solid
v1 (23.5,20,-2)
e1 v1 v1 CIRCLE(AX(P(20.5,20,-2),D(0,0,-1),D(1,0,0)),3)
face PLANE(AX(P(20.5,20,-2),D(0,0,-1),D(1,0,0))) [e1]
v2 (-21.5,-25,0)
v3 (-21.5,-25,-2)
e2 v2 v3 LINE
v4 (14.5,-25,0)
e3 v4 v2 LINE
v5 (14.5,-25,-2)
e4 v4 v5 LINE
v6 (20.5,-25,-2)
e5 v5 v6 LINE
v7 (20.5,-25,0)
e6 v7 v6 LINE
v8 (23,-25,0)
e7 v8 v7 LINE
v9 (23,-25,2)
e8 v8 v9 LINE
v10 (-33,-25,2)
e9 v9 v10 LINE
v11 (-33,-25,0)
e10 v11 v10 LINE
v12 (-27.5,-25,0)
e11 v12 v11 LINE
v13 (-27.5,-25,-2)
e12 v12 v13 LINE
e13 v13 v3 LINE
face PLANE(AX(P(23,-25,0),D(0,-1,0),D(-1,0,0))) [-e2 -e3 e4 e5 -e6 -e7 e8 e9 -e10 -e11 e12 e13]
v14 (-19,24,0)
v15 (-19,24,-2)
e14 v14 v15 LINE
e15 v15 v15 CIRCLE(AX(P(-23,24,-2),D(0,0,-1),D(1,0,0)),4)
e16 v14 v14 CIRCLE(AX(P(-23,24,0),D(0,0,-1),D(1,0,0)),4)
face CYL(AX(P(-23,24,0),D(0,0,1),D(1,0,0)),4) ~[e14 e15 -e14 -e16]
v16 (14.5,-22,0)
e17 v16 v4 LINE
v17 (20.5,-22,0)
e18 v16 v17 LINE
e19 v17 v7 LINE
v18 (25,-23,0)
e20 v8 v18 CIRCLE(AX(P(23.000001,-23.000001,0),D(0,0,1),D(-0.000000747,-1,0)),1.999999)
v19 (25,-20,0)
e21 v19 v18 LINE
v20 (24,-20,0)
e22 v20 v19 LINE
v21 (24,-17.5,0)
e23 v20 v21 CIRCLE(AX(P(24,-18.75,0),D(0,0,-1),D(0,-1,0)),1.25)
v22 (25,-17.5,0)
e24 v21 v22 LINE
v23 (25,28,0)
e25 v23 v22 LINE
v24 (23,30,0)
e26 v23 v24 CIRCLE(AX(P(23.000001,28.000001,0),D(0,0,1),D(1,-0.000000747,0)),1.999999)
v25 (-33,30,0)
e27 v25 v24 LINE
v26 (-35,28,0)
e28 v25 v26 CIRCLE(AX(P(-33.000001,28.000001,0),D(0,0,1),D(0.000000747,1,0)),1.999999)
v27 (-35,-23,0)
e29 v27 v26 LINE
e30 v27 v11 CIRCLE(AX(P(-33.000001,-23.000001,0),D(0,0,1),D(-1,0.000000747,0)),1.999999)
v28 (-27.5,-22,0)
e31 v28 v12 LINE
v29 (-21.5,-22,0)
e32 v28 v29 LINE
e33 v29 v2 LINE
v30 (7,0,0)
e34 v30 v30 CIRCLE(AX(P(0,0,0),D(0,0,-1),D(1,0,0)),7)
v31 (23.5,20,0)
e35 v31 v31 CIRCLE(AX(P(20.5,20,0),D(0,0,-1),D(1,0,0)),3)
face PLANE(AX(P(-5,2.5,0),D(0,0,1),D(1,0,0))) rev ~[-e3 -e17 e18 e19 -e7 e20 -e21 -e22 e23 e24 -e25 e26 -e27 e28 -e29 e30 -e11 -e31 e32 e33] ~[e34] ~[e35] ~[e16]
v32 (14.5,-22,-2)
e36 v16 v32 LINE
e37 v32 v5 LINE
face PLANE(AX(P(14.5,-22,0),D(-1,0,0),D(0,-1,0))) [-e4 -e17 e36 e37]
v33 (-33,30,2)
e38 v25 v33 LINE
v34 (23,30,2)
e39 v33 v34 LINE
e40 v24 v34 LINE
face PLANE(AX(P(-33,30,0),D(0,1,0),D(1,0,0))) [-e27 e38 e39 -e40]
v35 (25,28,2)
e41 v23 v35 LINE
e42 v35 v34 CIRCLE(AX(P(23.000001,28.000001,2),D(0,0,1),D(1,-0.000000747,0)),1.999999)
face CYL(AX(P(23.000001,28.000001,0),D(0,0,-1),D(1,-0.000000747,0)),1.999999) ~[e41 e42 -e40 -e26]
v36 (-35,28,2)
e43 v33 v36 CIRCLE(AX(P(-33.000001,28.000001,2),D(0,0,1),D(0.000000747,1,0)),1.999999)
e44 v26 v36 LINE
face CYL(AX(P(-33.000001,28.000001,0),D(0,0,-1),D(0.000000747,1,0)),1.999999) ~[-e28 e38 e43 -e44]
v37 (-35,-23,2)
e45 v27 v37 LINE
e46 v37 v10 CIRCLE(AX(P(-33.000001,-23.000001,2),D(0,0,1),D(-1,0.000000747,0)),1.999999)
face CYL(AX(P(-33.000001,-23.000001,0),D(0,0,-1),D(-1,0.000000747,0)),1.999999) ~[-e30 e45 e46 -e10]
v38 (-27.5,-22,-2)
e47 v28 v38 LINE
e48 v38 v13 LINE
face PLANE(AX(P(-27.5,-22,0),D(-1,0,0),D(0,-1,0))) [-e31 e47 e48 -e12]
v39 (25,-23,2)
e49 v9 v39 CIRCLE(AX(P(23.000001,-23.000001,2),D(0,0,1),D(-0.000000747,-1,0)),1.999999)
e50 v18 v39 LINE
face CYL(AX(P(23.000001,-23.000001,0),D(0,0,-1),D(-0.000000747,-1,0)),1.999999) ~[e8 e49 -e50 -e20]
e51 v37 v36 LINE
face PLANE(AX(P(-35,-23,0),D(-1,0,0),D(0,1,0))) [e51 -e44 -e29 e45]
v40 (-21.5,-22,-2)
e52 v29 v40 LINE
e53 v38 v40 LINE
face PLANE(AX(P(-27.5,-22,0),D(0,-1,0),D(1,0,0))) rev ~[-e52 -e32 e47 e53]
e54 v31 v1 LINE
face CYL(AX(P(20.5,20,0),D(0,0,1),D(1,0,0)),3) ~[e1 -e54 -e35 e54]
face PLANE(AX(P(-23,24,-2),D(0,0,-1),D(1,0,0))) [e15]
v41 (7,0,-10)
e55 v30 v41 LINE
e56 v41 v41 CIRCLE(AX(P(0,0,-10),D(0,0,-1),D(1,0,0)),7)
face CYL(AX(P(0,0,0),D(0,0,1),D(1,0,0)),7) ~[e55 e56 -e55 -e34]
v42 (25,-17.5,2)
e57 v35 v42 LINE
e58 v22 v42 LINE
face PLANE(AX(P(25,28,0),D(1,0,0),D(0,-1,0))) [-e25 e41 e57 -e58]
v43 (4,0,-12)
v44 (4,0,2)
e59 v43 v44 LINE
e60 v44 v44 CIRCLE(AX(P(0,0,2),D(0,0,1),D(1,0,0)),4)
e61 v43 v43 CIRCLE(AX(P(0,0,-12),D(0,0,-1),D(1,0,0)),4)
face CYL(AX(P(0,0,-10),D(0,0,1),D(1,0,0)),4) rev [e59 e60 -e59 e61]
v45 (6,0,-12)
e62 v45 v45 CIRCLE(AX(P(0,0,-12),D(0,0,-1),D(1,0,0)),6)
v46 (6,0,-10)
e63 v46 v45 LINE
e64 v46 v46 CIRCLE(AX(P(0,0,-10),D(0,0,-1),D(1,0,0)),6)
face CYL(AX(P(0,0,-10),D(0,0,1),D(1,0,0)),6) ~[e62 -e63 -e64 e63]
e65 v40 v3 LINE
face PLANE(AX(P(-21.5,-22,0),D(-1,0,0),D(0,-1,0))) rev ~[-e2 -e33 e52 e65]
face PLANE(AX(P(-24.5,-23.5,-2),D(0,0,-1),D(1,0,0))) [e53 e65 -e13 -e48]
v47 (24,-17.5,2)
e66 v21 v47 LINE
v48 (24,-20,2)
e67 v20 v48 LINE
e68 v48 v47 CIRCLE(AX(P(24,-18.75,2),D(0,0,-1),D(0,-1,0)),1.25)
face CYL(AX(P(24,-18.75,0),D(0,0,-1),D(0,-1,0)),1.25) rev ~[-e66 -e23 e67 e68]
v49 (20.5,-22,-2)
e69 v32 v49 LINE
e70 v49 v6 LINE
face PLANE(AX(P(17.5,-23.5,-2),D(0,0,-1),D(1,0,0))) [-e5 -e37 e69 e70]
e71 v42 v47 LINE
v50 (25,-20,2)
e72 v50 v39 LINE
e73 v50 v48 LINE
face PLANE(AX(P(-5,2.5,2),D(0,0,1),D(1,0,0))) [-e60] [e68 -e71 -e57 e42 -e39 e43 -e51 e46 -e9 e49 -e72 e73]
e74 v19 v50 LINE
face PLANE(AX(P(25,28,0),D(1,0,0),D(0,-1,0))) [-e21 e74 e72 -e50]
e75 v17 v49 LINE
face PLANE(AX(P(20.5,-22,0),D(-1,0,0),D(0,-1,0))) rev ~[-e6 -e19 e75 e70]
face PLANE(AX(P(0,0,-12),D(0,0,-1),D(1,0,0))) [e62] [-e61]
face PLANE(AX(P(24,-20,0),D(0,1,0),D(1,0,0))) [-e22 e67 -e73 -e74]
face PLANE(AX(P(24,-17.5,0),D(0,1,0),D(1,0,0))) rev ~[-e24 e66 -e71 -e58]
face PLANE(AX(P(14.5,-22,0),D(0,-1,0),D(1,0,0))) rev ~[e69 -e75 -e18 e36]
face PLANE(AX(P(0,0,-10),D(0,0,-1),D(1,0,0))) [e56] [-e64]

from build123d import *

# Parameters (mm, degrees)
SKETCH_R      = 4
PAD_DEPTH     = 2
SKETCH002_R   = 7
SKETCH002_R_2 = 4
PAD001_DEPTH  = 10
SKETCH003_R   = 6
SKETCH003_R_2 = 4
PAD002_DEPTH  = 2
SKETCH004_R   = 4
SKETCH004_R_2 = 3
SKETCH004_W   = 6
SKETCH004_H   = 3
PAD003_DEPTH  = 2
POCKET_DEPTH  = 5


with BuildPart() as part:
    # Sketch → Pad (new body)
    with BuildSketch(Plane.XY):
        with BuildLine():
            ThreePointArc((-33, 30), (-34.414214, 29.414214), (-35, 28))
            Line((-35, -23), (-35, 28))
            ThreePointArc((-35, -23), (-34.414214, -24.414214), (-33, -25))
            Line((23, -25), (-33, -25))
            ThreePointArc((23, -25), (24.414214, -24.414214), (25, -23))
            Line((25, 28), (25, -23))
            ThreePointArc((25, 28), (24.414214, 29.414214), (23, 30))
            Line((-33, 30), (23, 30))
        make_face()
        Circle(SKETCH_R, mode=Mode.SUBTRACT)
    extrude(amount=PAD_DEPTH)

    # Sketch002 (on Face10 of Pad) → Pad001 (join)
    with BuildSketch(Plane(origin=(0, 0, 0), x_dir=(1, 0, 0), z_dir=(0, 0, -1))):
        Circle(SKETCH002_R)
        Circle(SKETCH002_R_2, mode=Mode.SUBTRACT)
    extrude(amount=PAD001_DEPTH)

    # Sketch003 (on Face12 of Pad001) → Pad002 (join)
    with BuildSketch(Plane(origin=(0, 0, -10), x_dir=(1, 0, 0), z_dir=(0, 0, -1))):
        Circle(SKETCH003_R)
        Circle(SKETCH003_R_2, mode=Mode.SUBTRACT)
    extrude(amount=PAD002_DEPTH)

    # Sketch004 (on Face4 of Pad002) → Pad003 (join)
    with BuildSketch(Plane(origin=(0, 0, 0), x_dir=(1, 0, 0), z_dir=(0, 0, -1))):
        with Locations((-23, -24)):
            Circle(SKETCH004_R)
        with Locations((20.5, -20)):
            Circle(SKETCH004_R_2)
        with Locations((17.5, 23.5)):
            Rectangle(SKETCH004_W, SKETCH004_H)
        with Locations((-24.5, 23.5)):
            Rectangle(SKETCH004_W, SKETCH004_H)
    extrude(amount=PAD003_DEPTH)

    # Sketch005 (on Face4 of Pad003) → Pocket (cut)
    with BuildSketch(Plane(origin=(0, 0, 0), x_dir=(1, 0, 0), z_dir=(0, 0, -1))):
        with BuildLine():
            ThreePointArc((24, 20), (22.75, 18.75), (24, 17.5))
            Line((24, 17.5), (25, 17.5))
            Line((25, 20), (25, 17.5))
            Line((24, 20), (25, 20))
        make_face()
    extrude(amount=-POCKET_DEPTH, mode=Mode.SUBTRACT)


solid = part.part
